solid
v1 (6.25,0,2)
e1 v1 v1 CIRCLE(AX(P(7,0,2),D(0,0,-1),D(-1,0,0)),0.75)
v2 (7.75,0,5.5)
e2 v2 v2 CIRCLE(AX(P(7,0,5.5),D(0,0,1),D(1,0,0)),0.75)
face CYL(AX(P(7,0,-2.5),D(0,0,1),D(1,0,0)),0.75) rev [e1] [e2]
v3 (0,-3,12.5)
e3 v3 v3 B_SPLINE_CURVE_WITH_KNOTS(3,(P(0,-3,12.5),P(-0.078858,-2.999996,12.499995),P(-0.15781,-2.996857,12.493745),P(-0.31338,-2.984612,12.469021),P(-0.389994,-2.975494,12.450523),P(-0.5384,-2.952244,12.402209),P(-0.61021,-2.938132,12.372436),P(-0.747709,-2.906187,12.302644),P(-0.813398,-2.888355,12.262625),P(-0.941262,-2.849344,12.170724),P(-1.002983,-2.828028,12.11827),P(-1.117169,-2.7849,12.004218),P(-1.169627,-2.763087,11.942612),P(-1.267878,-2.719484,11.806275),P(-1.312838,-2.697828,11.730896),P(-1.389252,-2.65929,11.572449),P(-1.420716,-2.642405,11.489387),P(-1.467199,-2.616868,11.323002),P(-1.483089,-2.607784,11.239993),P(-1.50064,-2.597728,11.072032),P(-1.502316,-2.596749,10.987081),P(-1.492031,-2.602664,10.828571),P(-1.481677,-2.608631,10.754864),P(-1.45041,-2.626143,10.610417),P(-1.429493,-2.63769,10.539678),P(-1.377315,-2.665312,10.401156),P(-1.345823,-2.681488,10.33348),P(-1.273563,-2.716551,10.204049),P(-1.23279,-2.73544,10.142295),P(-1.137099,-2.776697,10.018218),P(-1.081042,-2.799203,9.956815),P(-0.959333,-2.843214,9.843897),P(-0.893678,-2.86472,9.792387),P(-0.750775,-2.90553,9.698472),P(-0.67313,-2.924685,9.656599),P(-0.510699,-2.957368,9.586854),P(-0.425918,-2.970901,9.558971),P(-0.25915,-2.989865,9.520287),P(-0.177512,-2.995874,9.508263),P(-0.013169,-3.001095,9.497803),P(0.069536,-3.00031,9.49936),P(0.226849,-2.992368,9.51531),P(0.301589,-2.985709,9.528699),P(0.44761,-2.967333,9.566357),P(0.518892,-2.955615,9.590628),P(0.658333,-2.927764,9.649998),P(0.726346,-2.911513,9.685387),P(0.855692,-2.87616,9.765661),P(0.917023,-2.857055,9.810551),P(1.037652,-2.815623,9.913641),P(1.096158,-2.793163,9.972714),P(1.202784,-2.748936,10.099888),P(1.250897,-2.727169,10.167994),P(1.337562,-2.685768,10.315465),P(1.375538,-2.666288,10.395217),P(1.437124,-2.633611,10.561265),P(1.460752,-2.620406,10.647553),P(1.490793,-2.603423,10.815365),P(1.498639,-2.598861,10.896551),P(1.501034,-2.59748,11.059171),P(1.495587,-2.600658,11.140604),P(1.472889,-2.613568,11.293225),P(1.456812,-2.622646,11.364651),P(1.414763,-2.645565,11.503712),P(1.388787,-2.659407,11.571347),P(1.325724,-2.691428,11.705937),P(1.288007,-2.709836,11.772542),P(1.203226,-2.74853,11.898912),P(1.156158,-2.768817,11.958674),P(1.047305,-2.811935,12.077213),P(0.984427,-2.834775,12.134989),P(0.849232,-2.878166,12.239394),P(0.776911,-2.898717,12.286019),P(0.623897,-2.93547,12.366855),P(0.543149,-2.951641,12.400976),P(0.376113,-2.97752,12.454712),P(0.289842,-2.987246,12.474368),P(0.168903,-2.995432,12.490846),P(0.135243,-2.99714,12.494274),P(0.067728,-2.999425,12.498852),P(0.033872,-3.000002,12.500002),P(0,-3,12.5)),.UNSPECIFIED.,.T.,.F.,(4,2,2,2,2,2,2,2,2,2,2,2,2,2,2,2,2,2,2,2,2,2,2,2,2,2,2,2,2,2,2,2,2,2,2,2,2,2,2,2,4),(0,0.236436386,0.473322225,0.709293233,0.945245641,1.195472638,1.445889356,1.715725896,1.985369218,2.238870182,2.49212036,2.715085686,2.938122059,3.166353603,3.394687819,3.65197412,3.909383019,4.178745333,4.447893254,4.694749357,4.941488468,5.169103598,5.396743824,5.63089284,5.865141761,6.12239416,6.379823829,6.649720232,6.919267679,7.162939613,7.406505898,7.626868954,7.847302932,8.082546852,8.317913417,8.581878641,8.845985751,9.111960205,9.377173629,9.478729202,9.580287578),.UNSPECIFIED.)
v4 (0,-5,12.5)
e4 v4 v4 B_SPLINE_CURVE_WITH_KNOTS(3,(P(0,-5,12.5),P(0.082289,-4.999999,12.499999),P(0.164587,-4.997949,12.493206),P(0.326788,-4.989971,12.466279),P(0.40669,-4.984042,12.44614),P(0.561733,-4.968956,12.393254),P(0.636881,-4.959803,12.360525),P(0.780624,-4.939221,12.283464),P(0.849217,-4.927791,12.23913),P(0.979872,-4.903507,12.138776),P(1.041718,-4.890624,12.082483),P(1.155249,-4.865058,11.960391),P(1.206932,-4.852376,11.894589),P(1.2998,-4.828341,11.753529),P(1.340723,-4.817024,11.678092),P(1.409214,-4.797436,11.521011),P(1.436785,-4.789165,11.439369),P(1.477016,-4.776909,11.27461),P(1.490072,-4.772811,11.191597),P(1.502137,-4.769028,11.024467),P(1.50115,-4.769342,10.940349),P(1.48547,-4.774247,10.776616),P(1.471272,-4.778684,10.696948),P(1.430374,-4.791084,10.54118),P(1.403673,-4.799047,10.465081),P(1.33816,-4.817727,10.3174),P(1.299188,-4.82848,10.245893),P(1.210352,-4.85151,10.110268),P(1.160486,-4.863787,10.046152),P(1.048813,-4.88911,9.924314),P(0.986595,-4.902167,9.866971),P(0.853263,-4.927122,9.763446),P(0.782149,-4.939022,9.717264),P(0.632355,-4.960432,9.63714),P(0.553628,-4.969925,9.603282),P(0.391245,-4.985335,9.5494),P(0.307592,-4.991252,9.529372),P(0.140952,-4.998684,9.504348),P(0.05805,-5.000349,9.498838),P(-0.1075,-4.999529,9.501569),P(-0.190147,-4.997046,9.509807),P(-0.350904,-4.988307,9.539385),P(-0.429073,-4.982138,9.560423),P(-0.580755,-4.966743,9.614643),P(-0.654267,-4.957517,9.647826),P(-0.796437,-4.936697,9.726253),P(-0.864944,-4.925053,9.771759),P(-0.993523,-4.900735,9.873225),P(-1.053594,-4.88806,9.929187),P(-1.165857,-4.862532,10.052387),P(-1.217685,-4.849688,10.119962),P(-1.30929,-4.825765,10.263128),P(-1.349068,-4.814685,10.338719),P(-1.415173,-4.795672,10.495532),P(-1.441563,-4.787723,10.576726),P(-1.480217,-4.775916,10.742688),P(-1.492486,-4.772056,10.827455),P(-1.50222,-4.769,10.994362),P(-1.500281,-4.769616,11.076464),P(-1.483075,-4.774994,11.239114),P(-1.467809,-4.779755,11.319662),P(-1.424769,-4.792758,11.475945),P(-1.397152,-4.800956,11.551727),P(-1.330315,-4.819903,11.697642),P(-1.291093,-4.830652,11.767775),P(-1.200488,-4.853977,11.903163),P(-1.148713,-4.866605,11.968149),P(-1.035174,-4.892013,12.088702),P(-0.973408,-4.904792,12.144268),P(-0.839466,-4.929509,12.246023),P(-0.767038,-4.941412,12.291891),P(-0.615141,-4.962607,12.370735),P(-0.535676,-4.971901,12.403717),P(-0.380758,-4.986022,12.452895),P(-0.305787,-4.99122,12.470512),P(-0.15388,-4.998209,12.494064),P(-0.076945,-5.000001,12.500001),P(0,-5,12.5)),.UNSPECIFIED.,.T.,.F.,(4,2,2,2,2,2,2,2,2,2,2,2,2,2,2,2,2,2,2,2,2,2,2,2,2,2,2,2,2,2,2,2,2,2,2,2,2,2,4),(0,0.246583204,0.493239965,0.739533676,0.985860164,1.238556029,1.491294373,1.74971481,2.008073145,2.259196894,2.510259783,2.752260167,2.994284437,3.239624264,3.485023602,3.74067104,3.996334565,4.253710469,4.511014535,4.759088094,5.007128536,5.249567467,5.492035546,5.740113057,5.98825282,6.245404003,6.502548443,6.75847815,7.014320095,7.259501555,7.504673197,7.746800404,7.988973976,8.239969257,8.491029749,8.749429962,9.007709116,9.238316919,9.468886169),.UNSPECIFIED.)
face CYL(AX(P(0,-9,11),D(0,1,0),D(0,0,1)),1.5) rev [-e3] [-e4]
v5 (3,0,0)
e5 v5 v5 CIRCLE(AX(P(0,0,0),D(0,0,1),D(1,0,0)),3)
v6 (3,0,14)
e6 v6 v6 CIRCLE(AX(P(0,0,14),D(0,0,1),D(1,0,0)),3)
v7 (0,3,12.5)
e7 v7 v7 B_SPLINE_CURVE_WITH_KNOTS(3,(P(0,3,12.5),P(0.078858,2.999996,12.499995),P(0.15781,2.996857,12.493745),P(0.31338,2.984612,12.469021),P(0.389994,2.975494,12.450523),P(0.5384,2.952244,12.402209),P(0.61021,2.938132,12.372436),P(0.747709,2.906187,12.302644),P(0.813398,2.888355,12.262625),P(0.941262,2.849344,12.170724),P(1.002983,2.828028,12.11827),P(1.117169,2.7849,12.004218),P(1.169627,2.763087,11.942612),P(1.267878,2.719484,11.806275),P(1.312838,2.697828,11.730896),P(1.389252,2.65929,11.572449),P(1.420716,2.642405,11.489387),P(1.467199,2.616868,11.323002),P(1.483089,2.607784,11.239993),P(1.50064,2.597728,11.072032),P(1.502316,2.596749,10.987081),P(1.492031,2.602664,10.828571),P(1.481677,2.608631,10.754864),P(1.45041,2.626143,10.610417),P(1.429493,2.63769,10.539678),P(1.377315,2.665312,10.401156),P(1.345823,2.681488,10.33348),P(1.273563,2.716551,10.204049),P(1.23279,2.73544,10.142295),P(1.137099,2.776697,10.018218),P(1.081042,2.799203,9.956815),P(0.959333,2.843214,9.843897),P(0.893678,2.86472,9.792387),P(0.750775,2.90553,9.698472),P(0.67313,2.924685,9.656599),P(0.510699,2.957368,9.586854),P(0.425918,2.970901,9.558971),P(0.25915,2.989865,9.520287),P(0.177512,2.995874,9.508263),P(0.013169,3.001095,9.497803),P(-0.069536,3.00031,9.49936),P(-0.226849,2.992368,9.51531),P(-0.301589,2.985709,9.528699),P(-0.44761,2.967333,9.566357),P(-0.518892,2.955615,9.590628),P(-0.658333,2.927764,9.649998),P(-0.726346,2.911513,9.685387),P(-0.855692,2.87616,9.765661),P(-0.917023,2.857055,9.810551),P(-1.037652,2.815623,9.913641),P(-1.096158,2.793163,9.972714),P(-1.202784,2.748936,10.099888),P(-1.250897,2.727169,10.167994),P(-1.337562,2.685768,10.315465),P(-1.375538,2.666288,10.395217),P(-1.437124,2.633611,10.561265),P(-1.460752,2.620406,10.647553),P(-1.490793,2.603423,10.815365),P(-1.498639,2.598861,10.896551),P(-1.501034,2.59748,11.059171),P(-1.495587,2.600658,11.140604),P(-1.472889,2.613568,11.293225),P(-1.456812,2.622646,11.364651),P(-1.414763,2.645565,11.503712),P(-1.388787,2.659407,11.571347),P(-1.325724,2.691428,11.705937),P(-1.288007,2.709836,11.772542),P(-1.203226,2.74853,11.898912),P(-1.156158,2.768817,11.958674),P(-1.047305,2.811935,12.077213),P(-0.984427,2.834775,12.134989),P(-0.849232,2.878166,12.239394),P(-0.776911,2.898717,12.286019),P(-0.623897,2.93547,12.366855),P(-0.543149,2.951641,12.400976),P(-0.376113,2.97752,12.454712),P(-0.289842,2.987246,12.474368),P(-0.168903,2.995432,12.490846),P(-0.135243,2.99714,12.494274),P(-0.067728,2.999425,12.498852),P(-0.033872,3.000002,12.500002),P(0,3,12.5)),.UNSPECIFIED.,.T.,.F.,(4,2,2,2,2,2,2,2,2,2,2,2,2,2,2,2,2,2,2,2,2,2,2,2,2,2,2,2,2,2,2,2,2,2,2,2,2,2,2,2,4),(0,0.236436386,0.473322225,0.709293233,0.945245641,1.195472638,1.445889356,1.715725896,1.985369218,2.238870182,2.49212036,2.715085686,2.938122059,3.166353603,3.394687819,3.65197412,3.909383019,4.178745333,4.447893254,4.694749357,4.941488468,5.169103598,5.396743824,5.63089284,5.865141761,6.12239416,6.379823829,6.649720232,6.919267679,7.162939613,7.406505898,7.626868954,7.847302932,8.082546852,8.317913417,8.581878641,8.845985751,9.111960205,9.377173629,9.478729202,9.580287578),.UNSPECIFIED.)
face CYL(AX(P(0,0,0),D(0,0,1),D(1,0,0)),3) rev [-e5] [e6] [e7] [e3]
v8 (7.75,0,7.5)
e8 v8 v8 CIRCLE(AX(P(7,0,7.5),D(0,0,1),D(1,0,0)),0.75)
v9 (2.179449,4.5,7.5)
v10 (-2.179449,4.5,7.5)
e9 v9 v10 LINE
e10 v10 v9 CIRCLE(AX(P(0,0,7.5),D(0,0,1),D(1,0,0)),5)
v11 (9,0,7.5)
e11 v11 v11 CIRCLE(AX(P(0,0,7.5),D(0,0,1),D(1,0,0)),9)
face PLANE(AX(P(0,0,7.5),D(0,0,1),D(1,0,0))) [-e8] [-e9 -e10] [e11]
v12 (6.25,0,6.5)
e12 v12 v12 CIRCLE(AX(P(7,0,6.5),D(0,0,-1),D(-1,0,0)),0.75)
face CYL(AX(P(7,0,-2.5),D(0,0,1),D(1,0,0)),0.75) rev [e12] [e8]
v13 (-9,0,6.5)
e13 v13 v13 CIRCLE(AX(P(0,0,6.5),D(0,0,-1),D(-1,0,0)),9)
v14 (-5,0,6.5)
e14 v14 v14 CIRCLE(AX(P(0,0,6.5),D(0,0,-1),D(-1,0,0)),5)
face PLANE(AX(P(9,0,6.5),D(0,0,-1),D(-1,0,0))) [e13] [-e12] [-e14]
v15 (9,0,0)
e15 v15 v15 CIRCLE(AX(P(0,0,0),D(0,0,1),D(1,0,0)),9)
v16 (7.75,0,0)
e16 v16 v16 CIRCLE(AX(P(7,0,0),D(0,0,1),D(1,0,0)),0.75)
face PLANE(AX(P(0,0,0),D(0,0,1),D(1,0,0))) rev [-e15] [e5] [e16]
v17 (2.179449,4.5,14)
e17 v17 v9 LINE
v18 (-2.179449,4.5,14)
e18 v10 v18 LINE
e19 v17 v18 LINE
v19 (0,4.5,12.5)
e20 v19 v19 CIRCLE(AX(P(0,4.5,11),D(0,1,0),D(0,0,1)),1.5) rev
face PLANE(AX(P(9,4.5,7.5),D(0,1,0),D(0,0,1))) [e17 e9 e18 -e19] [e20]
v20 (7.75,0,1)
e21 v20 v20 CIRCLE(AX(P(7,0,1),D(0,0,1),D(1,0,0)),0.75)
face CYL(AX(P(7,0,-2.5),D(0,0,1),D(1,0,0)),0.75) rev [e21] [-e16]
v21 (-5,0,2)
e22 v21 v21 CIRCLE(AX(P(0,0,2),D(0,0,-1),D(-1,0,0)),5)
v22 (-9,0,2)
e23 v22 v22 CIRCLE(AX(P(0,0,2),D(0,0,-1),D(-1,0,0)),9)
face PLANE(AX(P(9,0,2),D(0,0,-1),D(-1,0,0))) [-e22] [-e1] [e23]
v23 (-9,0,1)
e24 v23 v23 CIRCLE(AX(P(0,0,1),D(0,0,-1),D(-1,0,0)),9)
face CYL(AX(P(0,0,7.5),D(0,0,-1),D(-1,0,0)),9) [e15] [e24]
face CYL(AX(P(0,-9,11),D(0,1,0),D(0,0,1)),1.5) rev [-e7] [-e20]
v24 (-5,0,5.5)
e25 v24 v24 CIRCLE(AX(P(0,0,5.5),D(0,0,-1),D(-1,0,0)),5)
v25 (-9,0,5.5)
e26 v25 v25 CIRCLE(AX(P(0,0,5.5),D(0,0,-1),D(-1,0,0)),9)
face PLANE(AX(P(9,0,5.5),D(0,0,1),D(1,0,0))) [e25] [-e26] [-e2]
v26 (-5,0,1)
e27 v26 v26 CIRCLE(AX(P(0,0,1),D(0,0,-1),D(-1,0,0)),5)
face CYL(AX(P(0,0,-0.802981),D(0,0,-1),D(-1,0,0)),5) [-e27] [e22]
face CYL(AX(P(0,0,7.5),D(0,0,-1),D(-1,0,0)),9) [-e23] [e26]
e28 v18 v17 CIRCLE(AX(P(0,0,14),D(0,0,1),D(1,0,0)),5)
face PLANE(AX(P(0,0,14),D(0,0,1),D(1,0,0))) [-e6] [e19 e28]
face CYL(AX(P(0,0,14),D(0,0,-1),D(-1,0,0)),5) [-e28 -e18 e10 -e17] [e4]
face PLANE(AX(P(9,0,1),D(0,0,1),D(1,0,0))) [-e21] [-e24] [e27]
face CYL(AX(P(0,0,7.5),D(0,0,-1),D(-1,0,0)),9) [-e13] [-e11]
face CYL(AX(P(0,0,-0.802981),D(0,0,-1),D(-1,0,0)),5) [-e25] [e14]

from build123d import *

# Parameters (mm, degrees)
SKETCH_1_R               = 9
EXTRUDE_1_DEPTH          = 7.5
SKETCH_2_R               = 5
EXTRUDE_2_DEPTH          = 6.5
SKETCH_3_R               = 3
CUT_EXTRUDE_1_DEPTH      = 19.920887928
CUT_EXTRUDE_2_DEPTH      = 19.920887928
CUT_EXTRUDE_2_DEPTH_BACK = 19.920887928
SKETCH_4_R               = 1.5
SKETCH_5_W               = 4
SKETCH_5_H               = 1
SKETCH_6_R               = 0.75
CUT_EXTRUDE_3_DEPTH      = 10
CUT_EXTRUDE_4_DEPTH      = 19.920888002
CUT_EXTRUDE_4_DEPTH_BACK = 19.920888002
SKETCH_8_W               = 6.5
SKETCH_8_H               = 0.5


with BuildPart() as part:
    # 草图1 → 凸台-拉伸1 (new body)
    with BuildSketch(Plane.XY):
        Circle(SKETCH_1_R)
    extrude(amount=EXTRUDE_1_DEPTH)

    # 草图2 → 凸台-拉伸2 (add)
    with BuildSketch(Plane.XY.offset(7.5)):
        with Locations(Location((0, 0, 0), (0, 0, 180))):
            Circle(SKETCH_2_R)
    extrude(amount=EXTRUDE_2_DEPTH)

    # 草图3 → 切除-拉伸1 (cut, through all)
    with BuildSketch(Plane.XY.offset(14)):
        Circle(SKETCH_3_R)
    extrude(amount=-CUT_EXTRUDE_1_DEPTH, mode=Mode.SUBTRACT)

    # 草图4 → 切除-拉伸2 (cut, two sides: drawn at the far end of the back side and taken through both)
    with BuildSketch(Plane(origin=(0, 0, 0), x_dir=(1, 0, 0), z_dir=(0, 1, 0)).offset(-CUT_EXTRUDE_2_DEPTH_BACK)):
        with Locations(Location((0, -11, 0), (0, 0, 270))):
            Circle(SKETCH_4_R)
    extrude(amount=CUT_EXTRUDE_2_DEPTH + CUT_EXTRUDE_2_DEPTH_BACK, mode=Mode.SUBTRACT)

    # 草图5 → 切除-旋转1 (revolve, cut)
    with BuildSketch(Plane(origin=(0, 0, 0), x_dir=(1, 0, 0), z_dir=(0, 1, 0)), mode=Mode.PRIVATE) as cut_revolve_1_sk:
        with Locations((7, -1.5)):
            Rectangle(SKETCH_5_W, SKETCH_5_H)
        with Locations((7, -6)):
            Rectangle(SKETCH_5_W, SKETCH_5_H)
    revolve(cut_revolve_1_sk.sketch.rotate(Axis((0, 0, -0.802981009), (0, 0, 1)), 180), axis=Axis((0, 0, -0.802981009), (0, 0, 1)), mode=Mode.SUBTRACT)

    # 草图6 → 切除-拉伸3 (cut)
    with BuildSketch(Plane.XY.offset(7.5)):
        with Locations((7, 0)):
            Circle(SKETCH_6_R)
    extrude(amount=-CUT_EXTRUDE_3_DEPTH, mode=Mode.SUBTRACT)

    # 草图8 → 切除-拉伸4 (cut, two sides: drawn at the far end of the back side and taken through both)
    with BuildSketch(Plane(origin=(0, 0, 0), x_dir=(0, 0, -1), z_dir=(1, 0, 0)).offset(-CUT_EXTRUDE_4_DEPTH_BACK)):
        with Locations((-10.75, 4.75)):
            Rectangle(SKETCH_8_W, SKETCH_8_H)
    extrude(amount=CUT_EXTRUDE_4_DEPTH + CUT_EXTRUDE_4_DEPTH_BACK, mode=Mode.SUBTRACT)


solid = part.part
